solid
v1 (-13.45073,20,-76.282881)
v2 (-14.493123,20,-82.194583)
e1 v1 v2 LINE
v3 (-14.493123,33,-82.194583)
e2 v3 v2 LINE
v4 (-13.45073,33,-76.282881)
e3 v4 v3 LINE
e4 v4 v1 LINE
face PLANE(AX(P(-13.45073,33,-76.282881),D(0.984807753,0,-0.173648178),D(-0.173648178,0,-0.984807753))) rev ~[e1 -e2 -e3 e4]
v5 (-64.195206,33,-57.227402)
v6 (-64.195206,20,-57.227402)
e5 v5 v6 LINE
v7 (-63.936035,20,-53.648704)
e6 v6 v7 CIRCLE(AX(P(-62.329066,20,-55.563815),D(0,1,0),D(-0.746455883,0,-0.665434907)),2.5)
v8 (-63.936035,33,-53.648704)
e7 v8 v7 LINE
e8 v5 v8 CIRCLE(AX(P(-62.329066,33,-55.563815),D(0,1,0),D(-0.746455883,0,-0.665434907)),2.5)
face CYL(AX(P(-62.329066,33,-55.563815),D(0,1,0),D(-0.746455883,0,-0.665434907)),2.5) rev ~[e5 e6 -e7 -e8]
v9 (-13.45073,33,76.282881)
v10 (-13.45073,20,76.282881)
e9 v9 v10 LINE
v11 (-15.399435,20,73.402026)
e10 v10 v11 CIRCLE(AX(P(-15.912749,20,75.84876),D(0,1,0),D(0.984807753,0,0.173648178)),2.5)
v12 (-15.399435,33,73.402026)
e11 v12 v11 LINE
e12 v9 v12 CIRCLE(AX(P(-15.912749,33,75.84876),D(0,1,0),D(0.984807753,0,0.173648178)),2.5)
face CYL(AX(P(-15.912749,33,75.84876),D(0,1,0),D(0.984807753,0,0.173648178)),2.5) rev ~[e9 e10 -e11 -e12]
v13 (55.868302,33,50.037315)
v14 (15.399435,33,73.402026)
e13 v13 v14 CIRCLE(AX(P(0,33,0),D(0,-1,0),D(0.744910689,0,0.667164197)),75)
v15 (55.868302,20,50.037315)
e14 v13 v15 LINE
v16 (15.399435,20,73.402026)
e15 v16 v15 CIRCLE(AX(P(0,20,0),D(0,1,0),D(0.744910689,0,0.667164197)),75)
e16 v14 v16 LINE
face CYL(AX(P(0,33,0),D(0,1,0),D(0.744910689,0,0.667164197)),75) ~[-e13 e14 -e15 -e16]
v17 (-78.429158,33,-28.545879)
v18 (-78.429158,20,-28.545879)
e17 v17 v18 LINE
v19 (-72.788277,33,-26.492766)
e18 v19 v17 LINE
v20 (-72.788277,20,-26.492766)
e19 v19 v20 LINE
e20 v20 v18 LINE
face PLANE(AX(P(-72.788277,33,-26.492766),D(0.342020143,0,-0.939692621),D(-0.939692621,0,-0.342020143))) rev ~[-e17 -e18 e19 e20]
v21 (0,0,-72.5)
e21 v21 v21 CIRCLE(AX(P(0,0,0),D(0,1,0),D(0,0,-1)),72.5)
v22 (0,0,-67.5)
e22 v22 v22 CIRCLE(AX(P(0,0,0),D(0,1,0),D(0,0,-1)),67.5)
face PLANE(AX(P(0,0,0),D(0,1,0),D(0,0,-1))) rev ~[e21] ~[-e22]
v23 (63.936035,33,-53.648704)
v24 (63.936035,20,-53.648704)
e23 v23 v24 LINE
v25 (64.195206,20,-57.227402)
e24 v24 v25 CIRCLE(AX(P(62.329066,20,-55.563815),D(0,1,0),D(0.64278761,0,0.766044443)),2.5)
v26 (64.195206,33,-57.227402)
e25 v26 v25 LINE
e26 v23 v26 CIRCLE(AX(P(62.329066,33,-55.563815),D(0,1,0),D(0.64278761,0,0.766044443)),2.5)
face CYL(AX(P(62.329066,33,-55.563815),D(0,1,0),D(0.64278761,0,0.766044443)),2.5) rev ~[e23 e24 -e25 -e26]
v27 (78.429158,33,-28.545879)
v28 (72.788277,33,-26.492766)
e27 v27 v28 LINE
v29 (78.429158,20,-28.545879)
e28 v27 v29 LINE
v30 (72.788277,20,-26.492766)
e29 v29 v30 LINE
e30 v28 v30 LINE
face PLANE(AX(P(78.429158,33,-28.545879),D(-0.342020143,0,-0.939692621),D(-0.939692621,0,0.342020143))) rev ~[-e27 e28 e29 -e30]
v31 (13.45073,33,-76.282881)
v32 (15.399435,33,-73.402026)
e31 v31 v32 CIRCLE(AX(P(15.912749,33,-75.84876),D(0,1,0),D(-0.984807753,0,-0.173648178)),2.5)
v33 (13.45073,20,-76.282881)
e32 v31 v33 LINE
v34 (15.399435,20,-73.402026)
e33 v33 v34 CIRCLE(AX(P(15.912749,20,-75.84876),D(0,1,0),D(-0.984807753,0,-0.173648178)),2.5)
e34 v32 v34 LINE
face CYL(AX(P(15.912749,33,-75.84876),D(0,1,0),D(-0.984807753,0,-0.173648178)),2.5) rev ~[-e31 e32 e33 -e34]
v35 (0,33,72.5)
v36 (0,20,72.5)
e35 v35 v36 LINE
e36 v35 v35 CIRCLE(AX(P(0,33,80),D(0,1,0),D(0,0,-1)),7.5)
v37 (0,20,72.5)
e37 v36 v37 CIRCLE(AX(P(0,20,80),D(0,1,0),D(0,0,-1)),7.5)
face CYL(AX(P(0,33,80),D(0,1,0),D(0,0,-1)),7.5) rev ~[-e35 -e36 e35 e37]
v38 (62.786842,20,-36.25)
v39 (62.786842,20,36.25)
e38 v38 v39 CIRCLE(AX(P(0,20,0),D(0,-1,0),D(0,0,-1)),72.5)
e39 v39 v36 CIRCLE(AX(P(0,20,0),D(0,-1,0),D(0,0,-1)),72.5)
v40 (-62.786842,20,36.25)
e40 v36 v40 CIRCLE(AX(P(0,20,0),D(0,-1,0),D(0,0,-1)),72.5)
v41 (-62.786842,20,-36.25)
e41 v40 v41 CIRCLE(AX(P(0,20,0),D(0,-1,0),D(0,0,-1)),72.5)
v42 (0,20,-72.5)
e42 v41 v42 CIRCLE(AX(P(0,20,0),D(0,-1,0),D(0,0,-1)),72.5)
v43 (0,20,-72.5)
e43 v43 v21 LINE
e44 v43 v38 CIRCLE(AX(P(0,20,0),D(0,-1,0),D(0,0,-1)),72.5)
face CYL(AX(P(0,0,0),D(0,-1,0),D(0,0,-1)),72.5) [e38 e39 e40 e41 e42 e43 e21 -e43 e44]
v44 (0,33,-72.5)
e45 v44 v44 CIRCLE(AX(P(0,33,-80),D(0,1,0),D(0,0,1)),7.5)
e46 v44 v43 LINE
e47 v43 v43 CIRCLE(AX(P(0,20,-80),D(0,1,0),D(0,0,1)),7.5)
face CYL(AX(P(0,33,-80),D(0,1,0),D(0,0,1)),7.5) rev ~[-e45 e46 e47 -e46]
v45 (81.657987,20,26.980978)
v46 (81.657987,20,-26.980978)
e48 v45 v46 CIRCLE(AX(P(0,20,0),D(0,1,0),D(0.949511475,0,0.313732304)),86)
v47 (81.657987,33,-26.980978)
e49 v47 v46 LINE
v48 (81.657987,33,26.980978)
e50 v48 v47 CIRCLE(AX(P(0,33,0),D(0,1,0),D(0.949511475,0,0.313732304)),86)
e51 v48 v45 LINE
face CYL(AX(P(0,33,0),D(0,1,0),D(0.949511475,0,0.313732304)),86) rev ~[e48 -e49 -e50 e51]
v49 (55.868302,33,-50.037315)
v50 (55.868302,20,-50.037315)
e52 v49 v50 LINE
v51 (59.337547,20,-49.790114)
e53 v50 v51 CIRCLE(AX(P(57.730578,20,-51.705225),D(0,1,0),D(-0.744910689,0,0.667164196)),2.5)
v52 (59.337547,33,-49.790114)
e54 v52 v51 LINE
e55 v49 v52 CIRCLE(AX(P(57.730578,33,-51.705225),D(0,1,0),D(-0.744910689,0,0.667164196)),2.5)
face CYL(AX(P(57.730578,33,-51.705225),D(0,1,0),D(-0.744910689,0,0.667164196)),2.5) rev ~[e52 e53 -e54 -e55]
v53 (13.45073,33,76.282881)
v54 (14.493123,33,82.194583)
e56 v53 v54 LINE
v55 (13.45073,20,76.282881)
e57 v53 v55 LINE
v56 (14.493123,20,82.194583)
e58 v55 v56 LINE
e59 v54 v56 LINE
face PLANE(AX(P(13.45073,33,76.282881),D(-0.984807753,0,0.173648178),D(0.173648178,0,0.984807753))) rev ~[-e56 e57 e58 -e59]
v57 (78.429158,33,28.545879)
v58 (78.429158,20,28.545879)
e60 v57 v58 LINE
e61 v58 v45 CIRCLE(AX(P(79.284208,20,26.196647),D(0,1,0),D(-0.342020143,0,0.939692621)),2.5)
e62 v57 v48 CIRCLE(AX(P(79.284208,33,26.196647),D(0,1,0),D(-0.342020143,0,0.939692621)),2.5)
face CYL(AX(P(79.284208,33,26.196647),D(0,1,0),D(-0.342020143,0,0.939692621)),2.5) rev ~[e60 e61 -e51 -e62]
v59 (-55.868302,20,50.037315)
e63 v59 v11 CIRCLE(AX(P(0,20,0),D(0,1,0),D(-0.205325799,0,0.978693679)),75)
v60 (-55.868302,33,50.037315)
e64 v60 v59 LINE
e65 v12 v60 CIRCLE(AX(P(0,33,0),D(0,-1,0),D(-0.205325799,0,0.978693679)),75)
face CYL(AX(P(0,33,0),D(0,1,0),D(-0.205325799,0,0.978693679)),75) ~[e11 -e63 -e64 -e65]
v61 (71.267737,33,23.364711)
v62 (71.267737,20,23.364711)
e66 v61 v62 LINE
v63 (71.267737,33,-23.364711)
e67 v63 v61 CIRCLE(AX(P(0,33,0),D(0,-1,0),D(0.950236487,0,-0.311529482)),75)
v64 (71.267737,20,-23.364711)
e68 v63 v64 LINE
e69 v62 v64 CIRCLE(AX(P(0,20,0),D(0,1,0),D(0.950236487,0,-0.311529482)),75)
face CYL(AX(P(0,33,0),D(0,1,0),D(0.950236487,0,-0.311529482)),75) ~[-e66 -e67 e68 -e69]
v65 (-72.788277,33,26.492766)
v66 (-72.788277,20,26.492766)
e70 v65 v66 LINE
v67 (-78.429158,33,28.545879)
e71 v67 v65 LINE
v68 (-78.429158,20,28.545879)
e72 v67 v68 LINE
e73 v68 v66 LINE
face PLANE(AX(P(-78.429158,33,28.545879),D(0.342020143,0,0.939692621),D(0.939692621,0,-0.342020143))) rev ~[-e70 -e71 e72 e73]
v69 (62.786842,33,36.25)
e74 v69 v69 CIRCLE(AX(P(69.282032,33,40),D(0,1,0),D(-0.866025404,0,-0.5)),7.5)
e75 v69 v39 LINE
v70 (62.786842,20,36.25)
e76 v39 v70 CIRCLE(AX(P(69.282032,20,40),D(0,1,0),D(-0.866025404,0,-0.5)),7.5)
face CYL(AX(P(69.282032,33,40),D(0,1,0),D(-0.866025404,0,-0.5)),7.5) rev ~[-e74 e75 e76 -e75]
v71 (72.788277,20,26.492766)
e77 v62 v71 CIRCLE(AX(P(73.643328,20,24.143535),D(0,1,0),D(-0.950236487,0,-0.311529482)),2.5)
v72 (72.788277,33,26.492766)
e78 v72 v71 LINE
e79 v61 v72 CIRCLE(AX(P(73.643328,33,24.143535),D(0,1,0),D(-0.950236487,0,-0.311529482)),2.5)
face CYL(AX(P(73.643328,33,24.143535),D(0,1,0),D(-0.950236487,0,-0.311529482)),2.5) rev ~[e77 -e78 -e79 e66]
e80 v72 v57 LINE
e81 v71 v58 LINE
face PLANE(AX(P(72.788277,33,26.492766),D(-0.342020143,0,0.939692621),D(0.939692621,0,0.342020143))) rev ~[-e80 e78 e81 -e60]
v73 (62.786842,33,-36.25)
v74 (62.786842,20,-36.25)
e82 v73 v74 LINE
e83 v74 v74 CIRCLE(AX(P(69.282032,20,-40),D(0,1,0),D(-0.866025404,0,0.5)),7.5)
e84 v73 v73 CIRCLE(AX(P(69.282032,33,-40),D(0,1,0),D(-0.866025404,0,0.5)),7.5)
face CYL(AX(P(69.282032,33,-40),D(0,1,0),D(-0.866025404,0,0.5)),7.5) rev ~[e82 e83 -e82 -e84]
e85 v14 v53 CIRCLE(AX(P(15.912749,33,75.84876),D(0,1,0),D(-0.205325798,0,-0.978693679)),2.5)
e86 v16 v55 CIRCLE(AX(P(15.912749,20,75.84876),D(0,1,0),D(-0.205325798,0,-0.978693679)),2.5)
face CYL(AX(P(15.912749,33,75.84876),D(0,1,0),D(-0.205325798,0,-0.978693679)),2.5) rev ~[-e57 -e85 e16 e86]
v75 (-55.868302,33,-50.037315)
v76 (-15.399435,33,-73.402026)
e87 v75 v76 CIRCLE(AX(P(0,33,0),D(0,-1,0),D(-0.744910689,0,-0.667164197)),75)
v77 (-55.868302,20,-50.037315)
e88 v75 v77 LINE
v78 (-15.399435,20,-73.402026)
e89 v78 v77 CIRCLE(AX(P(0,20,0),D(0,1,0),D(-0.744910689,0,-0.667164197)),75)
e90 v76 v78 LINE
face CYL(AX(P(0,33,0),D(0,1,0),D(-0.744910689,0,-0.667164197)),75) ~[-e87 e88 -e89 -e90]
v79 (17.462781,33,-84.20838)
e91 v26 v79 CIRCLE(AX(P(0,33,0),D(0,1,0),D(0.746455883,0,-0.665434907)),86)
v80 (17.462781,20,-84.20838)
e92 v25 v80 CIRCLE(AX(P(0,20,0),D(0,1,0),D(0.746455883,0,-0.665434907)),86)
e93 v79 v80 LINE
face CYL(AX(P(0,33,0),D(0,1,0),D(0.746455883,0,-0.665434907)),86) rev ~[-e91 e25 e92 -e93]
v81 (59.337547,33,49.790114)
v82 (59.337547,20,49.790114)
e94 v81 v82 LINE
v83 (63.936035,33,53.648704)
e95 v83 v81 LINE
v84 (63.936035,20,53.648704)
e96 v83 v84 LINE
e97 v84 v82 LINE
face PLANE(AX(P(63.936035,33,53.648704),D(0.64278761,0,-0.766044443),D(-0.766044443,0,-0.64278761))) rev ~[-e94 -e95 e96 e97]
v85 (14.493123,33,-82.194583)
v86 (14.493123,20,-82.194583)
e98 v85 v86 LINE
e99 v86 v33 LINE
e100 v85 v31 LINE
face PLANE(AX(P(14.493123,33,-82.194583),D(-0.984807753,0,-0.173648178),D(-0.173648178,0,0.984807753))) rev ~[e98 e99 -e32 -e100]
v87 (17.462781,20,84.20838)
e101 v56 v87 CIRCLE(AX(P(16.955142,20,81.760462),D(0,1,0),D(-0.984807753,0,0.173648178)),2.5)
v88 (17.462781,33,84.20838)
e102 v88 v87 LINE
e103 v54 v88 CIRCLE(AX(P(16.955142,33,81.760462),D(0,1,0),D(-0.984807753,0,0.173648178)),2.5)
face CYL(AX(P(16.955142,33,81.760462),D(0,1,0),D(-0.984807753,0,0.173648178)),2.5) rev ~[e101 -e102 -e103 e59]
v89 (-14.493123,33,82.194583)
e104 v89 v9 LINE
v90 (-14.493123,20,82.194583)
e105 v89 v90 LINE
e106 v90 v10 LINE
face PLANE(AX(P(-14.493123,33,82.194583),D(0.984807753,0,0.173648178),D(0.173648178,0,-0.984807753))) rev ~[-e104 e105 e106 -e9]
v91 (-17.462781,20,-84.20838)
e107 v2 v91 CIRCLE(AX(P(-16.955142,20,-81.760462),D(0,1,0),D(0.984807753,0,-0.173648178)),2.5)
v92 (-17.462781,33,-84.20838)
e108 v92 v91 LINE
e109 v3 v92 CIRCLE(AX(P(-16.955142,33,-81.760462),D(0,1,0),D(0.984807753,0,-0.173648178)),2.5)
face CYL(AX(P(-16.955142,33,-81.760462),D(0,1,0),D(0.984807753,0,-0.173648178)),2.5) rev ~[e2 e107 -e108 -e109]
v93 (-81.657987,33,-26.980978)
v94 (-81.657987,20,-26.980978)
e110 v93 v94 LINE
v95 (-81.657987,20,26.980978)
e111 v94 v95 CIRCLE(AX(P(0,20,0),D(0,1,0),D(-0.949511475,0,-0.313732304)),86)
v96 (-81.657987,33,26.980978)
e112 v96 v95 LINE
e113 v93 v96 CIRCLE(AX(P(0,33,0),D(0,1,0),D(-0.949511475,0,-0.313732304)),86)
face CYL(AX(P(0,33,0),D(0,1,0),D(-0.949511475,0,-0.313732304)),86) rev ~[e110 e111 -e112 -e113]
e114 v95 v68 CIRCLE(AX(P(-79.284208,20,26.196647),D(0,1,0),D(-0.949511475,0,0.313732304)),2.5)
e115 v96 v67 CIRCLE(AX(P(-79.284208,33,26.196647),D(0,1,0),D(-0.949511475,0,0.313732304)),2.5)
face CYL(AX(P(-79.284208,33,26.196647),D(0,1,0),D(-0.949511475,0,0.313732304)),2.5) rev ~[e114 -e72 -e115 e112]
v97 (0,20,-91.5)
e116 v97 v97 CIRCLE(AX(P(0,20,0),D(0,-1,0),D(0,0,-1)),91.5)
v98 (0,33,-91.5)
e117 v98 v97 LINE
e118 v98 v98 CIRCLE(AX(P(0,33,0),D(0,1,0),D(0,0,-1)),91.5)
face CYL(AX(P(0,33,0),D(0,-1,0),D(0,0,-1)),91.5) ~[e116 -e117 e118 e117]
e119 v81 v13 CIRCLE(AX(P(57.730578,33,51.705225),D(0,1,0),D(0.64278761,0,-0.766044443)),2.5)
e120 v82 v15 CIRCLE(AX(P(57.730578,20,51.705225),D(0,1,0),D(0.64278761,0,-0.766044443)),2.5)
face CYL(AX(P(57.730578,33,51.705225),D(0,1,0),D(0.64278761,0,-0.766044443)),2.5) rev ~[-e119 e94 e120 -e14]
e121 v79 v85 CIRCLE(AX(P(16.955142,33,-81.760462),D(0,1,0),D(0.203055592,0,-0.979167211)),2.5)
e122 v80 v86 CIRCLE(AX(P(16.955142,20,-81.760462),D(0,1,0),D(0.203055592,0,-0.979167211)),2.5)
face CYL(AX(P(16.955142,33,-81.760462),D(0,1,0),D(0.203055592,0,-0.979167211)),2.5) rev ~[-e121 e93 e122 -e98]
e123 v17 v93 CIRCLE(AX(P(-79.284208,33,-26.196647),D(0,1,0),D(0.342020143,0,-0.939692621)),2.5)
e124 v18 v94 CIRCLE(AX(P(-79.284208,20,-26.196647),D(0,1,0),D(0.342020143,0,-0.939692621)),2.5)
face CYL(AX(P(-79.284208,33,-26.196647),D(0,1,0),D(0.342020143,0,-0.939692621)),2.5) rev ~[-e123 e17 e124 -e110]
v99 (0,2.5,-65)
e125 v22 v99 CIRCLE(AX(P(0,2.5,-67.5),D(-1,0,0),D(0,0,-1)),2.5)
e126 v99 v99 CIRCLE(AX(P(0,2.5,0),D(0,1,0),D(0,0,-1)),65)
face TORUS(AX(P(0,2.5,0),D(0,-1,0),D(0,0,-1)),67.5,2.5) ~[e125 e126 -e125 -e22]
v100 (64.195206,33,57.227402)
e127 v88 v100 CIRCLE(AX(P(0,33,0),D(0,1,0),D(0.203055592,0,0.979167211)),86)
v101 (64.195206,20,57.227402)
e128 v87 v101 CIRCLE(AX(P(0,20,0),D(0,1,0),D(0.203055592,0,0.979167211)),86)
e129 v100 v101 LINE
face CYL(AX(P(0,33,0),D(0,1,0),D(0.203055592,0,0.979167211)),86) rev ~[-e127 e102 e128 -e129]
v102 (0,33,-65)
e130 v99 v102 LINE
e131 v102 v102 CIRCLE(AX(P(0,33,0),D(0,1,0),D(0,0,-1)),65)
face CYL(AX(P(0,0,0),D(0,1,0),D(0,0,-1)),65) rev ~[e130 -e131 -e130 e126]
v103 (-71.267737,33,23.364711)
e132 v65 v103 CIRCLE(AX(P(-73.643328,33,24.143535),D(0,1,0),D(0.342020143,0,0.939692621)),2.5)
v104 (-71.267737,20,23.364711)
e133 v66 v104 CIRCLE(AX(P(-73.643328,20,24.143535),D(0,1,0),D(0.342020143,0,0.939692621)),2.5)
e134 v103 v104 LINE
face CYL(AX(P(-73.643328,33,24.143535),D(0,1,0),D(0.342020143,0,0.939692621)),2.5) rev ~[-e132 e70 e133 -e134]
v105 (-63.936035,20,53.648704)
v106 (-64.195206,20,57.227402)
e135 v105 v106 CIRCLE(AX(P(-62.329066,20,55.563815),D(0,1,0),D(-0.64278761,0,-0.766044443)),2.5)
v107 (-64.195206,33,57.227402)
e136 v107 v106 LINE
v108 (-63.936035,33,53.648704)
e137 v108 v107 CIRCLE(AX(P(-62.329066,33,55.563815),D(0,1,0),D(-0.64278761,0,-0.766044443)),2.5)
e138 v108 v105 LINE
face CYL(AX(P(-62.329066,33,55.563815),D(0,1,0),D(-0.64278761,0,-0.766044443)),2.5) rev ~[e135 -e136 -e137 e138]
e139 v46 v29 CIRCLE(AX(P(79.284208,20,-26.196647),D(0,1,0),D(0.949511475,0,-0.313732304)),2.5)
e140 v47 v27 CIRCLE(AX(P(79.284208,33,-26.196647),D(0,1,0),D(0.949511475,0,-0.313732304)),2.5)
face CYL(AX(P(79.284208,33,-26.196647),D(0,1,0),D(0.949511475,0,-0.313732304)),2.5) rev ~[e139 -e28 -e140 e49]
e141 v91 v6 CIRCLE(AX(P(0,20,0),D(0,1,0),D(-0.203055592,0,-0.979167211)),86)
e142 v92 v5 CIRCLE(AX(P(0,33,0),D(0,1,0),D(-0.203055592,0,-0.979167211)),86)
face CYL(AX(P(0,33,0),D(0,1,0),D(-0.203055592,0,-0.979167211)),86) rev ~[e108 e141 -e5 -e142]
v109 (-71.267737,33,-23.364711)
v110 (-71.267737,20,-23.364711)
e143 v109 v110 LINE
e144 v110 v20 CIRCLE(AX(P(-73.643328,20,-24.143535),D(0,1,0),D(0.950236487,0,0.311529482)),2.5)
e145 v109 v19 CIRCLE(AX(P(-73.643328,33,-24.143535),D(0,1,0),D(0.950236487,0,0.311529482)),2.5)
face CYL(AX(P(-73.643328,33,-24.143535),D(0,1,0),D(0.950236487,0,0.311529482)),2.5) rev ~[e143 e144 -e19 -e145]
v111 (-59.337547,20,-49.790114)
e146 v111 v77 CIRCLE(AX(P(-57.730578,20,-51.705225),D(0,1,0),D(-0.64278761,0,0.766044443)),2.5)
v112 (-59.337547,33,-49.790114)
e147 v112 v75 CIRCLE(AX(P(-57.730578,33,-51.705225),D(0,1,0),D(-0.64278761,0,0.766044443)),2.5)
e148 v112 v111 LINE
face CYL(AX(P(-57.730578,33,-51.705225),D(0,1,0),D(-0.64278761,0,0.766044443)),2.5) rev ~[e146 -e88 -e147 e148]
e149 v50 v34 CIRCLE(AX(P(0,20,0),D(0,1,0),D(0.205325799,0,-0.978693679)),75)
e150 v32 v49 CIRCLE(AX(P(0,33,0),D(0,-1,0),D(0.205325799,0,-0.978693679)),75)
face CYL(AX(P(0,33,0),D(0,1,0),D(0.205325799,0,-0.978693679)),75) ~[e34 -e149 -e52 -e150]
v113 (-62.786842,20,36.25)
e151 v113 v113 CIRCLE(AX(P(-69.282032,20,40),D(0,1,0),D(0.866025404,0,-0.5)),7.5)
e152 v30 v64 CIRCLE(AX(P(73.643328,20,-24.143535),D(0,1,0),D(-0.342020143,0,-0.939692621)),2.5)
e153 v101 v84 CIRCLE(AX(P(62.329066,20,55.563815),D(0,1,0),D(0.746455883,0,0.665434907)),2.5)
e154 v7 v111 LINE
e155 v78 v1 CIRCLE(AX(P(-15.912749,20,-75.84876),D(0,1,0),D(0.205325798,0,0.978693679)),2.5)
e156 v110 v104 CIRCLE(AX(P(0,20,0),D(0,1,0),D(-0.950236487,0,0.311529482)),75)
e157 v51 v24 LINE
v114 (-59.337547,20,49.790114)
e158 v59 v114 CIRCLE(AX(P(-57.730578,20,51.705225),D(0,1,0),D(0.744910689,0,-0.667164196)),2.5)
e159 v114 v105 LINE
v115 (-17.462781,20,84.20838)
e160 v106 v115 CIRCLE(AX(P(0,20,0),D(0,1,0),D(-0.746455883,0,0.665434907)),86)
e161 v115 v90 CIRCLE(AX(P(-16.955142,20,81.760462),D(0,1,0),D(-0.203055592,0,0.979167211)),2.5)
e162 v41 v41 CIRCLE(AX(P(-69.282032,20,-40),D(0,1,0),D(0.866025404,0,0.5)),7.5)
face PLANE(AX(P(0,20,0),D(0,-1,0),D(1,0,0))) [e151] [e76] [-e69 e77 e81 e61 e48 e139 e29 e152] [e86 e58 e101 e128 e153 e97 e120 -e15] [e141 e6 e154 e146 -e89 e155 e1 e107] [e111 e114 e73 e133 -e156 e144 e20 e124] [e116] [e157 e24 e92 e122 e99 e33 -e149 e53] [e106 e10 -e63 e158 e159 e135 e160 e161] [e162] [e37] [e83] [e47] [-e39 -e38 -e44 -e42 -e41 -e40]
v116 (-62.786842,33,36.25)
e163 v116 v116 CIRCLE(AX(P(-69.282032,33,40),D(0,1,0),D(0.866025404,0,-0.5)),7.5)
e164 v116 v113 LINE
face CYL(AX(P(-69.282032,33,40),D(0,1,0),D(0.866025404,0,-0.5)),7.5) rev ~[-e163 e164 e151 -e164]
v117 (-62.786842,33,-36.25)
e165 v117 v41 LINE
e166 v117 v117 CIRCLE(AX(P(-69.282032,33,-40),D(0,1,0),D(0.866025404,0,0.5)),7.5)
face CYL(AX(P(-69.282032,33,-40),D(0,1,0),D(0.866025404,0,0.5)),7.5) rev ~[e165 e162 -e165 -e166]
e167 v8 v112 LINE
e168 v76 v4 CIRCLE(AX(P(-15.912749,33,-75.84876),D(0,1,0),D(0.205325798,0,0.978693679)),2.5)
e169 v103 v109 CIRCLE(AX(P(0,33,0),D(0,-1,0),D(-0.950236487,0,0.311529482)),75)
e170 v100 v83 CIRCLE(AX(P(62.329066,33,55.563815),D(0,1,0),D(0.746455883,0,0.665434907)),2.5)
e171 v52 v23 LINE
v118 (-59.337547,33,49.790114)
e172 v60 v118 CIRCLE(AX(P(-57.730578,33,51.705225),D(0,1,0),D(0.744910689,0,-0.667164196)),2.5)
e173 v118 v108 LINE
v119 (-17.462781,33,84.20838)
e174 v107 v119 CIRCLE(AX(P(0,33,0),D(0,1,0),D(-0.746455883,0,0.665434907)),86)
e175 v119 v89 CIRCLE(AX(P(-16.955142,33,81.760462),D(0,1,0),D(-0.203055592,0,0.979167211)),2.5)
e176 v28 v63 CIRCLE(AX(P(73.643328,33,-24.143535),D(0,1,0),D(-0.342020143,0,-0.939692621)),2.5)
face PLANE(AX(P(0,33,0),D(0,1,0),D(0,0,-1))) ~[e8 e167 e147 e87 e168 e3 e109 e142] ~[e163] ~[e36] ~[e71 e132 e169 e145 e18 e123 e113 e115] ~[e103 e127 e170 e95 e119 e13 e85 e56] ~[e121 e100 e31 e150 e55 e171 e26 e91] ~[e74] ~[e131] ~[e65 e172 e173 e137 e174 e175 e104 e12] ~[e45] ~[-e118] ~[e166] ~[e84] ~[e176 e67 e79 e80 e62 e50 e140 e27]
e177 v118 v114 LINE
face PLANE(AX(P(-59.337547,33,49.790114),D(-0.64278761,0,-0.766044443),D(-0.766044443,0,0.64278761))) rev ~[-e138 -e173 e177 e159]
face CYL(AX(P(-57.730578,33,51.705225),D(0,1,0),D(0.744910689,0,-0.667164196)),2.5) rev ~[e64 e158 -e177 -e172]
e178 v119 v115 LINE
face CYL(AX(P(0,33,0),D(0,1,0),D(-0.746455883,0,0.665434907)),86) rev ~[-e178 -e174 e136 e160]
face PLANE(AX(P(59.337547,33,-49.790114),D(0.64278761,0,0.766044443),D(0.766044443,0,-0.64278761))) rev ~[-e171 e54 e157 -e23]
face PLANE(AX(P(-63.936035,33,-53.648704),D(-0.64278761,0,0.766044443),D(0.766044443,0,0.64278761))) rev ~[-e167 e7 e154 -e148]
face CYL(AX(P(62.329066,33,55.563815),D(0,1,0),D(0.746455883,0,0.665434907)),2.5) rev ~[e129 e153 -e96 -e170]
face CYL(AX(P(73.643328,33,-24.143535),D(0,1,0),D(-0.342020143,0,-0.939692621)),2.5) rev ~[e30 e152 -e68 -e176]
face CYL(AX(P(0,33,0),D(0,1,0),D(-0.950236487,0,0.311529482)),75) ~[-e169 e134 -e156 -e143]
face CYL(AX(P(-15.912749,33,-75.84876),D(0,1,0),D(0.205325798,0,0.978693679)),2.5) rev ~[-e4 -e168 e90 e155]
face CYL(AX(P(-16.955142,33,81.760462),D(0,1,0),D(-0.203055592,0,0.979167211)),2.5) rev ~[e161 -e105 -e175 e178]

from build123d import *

# Parameters (mm, degrees)
SKETCH_2_R               = 7.5
CUT_EXTRUDE_1_DEPTH      = 134.542128184
CUT_EXTRUDE_2_DEPTH      = 134.542128184
PATTERN_CIRCULAR_1_COUNT = 6
FILLET_1_R               = 2.5
SKETCH_4_R               = 100
SKETCH_4_R_2             = 72.5
CUT_EXTRUDE_3_DEPTH      = 20


with BuildPart() as part:
    # 草图1 → 旋转1 (revolve)
    with BuildSketch(Plane(origin=(0, 0, 0), x_dir=(0, 0, -1), z_dir=(1, 0, 0)), mode=Mode.PRIVATE) as revolve_1_sk:
        Polygon((-91.5, 33), (-91.5, 0), (-65, 0), (-65, 3), (-65, 33), (-69, 33), align=None)
    revolve(revolve_1_sk.sketch.rotate(Axis((0, 0, 0), (0, 1, 0)), 180), axis=Axis((0, 0, 0), (0, 1, 0)))

    # 草图2 → 切除-拉伸1 (cut, through all)
    with BuildSketch(Plane(origin=(0, 33, 0), x_dir=(1, 0, 0), z_dir=(0, 1, 0))):
        with Locations(Location((0, 80, 0), (0, 0, 270))):
            Circle(SKETCH_2_R)
    cut_extrude_1 = extrude(amount=-CUT_EXTRUDE_1_DEPTH, mode=Mode.SUBTRACT)

    # 草图3 → 切除-拉伸2 (cut, through all)
    with BuildSketch(Plane(origin=(0, 33, 0), x_dir=(1, 0, 0), z_dir=(0, 1, 0))):
        with BuildLine():
            Line((-72.788277417, 26.492766383), (-78.429157814, 28.545878943))
            ThreePointArc((-78.429157814, 28.545878943), (-80.374557913, 28.44634458), (-81.65798686, 26.980978151))
            ThreePointArc((-81.65798686, 26.980978151), (-86, 0), (-81.65798686, -26.980978151))
            ThreePointArc((-81.65798686, -26.980978151), (-80.374557913, -28.44634458), (-78.429157814, -28.545878943))
            Line((-78.429157814, -28.545878943), (-72.788277417, -26.492766383))
            ThreePointArc((-72.788277417, -26.492766383), (-71.394896395, -25.236492438), (-71.267736557, -23.364711127))
            ThreePointArc((-71.267736557, -23.364711127), (-75, 0), (-71.267736557, 23.364711127))
            ThreePointArc((-71.267736557, 23.364711127), (-71.394896395, 25.236492438), (-72.788277417, 26.492766383))
        make_face()
    cut_extrude_2 = extrude(amount=-CUT_EXTRUDE_2_DEPTH, mode=Mode.SUBTRACT)

    # 阵列(圆周)1: 切除-拉伸1, 切除-拉伸2 ×6 about axis
    pattern_circular_1_axis = Axis((0, 0, 0), (0, 1, 0))
    add([cut_extrude_1.rotate(pattern_circular_1_axis, i * 360 / PATTERN_CIRCULAR_1_COUNT) for i in range(1, PATTERN_CIRCULAR_1_COUNT)], mode=Mode.SUBTRACT)
    add([cut_extrude_2.rotate(pattern_circular_1_axis, i * 360 / PATTERN_CIRCULAR_1_COUNT) for i in range(1, PATTERN_CIRCULAR_1_COUNT)], mode=Mode.SUBTRACT)

    # 圆角1
    fillet_1_edges = [part.edges().sort_by_distance(p)[0] for p in [
        (0, 0, 65),
        (0, 0, 91.5),
    ]]
    fillet(fillet_1_edges, radius=FILLET_1_R)

    # 草图4 → 切除-拉伸3 (cut)
    with BuildSketch(Plane.XZ):
        Circle(SKETCH_4_R)
        with Locations(Location((0, 0, 0), (0, 0, 270))):
            Circle(SKETCH_4_R_2, mode=Mode.SUBTRACT)
    extrude(amount=-CUT_EXTRUDE_3_DEPTH, mode=Mode.SUBTRACT)


solid = part.part
